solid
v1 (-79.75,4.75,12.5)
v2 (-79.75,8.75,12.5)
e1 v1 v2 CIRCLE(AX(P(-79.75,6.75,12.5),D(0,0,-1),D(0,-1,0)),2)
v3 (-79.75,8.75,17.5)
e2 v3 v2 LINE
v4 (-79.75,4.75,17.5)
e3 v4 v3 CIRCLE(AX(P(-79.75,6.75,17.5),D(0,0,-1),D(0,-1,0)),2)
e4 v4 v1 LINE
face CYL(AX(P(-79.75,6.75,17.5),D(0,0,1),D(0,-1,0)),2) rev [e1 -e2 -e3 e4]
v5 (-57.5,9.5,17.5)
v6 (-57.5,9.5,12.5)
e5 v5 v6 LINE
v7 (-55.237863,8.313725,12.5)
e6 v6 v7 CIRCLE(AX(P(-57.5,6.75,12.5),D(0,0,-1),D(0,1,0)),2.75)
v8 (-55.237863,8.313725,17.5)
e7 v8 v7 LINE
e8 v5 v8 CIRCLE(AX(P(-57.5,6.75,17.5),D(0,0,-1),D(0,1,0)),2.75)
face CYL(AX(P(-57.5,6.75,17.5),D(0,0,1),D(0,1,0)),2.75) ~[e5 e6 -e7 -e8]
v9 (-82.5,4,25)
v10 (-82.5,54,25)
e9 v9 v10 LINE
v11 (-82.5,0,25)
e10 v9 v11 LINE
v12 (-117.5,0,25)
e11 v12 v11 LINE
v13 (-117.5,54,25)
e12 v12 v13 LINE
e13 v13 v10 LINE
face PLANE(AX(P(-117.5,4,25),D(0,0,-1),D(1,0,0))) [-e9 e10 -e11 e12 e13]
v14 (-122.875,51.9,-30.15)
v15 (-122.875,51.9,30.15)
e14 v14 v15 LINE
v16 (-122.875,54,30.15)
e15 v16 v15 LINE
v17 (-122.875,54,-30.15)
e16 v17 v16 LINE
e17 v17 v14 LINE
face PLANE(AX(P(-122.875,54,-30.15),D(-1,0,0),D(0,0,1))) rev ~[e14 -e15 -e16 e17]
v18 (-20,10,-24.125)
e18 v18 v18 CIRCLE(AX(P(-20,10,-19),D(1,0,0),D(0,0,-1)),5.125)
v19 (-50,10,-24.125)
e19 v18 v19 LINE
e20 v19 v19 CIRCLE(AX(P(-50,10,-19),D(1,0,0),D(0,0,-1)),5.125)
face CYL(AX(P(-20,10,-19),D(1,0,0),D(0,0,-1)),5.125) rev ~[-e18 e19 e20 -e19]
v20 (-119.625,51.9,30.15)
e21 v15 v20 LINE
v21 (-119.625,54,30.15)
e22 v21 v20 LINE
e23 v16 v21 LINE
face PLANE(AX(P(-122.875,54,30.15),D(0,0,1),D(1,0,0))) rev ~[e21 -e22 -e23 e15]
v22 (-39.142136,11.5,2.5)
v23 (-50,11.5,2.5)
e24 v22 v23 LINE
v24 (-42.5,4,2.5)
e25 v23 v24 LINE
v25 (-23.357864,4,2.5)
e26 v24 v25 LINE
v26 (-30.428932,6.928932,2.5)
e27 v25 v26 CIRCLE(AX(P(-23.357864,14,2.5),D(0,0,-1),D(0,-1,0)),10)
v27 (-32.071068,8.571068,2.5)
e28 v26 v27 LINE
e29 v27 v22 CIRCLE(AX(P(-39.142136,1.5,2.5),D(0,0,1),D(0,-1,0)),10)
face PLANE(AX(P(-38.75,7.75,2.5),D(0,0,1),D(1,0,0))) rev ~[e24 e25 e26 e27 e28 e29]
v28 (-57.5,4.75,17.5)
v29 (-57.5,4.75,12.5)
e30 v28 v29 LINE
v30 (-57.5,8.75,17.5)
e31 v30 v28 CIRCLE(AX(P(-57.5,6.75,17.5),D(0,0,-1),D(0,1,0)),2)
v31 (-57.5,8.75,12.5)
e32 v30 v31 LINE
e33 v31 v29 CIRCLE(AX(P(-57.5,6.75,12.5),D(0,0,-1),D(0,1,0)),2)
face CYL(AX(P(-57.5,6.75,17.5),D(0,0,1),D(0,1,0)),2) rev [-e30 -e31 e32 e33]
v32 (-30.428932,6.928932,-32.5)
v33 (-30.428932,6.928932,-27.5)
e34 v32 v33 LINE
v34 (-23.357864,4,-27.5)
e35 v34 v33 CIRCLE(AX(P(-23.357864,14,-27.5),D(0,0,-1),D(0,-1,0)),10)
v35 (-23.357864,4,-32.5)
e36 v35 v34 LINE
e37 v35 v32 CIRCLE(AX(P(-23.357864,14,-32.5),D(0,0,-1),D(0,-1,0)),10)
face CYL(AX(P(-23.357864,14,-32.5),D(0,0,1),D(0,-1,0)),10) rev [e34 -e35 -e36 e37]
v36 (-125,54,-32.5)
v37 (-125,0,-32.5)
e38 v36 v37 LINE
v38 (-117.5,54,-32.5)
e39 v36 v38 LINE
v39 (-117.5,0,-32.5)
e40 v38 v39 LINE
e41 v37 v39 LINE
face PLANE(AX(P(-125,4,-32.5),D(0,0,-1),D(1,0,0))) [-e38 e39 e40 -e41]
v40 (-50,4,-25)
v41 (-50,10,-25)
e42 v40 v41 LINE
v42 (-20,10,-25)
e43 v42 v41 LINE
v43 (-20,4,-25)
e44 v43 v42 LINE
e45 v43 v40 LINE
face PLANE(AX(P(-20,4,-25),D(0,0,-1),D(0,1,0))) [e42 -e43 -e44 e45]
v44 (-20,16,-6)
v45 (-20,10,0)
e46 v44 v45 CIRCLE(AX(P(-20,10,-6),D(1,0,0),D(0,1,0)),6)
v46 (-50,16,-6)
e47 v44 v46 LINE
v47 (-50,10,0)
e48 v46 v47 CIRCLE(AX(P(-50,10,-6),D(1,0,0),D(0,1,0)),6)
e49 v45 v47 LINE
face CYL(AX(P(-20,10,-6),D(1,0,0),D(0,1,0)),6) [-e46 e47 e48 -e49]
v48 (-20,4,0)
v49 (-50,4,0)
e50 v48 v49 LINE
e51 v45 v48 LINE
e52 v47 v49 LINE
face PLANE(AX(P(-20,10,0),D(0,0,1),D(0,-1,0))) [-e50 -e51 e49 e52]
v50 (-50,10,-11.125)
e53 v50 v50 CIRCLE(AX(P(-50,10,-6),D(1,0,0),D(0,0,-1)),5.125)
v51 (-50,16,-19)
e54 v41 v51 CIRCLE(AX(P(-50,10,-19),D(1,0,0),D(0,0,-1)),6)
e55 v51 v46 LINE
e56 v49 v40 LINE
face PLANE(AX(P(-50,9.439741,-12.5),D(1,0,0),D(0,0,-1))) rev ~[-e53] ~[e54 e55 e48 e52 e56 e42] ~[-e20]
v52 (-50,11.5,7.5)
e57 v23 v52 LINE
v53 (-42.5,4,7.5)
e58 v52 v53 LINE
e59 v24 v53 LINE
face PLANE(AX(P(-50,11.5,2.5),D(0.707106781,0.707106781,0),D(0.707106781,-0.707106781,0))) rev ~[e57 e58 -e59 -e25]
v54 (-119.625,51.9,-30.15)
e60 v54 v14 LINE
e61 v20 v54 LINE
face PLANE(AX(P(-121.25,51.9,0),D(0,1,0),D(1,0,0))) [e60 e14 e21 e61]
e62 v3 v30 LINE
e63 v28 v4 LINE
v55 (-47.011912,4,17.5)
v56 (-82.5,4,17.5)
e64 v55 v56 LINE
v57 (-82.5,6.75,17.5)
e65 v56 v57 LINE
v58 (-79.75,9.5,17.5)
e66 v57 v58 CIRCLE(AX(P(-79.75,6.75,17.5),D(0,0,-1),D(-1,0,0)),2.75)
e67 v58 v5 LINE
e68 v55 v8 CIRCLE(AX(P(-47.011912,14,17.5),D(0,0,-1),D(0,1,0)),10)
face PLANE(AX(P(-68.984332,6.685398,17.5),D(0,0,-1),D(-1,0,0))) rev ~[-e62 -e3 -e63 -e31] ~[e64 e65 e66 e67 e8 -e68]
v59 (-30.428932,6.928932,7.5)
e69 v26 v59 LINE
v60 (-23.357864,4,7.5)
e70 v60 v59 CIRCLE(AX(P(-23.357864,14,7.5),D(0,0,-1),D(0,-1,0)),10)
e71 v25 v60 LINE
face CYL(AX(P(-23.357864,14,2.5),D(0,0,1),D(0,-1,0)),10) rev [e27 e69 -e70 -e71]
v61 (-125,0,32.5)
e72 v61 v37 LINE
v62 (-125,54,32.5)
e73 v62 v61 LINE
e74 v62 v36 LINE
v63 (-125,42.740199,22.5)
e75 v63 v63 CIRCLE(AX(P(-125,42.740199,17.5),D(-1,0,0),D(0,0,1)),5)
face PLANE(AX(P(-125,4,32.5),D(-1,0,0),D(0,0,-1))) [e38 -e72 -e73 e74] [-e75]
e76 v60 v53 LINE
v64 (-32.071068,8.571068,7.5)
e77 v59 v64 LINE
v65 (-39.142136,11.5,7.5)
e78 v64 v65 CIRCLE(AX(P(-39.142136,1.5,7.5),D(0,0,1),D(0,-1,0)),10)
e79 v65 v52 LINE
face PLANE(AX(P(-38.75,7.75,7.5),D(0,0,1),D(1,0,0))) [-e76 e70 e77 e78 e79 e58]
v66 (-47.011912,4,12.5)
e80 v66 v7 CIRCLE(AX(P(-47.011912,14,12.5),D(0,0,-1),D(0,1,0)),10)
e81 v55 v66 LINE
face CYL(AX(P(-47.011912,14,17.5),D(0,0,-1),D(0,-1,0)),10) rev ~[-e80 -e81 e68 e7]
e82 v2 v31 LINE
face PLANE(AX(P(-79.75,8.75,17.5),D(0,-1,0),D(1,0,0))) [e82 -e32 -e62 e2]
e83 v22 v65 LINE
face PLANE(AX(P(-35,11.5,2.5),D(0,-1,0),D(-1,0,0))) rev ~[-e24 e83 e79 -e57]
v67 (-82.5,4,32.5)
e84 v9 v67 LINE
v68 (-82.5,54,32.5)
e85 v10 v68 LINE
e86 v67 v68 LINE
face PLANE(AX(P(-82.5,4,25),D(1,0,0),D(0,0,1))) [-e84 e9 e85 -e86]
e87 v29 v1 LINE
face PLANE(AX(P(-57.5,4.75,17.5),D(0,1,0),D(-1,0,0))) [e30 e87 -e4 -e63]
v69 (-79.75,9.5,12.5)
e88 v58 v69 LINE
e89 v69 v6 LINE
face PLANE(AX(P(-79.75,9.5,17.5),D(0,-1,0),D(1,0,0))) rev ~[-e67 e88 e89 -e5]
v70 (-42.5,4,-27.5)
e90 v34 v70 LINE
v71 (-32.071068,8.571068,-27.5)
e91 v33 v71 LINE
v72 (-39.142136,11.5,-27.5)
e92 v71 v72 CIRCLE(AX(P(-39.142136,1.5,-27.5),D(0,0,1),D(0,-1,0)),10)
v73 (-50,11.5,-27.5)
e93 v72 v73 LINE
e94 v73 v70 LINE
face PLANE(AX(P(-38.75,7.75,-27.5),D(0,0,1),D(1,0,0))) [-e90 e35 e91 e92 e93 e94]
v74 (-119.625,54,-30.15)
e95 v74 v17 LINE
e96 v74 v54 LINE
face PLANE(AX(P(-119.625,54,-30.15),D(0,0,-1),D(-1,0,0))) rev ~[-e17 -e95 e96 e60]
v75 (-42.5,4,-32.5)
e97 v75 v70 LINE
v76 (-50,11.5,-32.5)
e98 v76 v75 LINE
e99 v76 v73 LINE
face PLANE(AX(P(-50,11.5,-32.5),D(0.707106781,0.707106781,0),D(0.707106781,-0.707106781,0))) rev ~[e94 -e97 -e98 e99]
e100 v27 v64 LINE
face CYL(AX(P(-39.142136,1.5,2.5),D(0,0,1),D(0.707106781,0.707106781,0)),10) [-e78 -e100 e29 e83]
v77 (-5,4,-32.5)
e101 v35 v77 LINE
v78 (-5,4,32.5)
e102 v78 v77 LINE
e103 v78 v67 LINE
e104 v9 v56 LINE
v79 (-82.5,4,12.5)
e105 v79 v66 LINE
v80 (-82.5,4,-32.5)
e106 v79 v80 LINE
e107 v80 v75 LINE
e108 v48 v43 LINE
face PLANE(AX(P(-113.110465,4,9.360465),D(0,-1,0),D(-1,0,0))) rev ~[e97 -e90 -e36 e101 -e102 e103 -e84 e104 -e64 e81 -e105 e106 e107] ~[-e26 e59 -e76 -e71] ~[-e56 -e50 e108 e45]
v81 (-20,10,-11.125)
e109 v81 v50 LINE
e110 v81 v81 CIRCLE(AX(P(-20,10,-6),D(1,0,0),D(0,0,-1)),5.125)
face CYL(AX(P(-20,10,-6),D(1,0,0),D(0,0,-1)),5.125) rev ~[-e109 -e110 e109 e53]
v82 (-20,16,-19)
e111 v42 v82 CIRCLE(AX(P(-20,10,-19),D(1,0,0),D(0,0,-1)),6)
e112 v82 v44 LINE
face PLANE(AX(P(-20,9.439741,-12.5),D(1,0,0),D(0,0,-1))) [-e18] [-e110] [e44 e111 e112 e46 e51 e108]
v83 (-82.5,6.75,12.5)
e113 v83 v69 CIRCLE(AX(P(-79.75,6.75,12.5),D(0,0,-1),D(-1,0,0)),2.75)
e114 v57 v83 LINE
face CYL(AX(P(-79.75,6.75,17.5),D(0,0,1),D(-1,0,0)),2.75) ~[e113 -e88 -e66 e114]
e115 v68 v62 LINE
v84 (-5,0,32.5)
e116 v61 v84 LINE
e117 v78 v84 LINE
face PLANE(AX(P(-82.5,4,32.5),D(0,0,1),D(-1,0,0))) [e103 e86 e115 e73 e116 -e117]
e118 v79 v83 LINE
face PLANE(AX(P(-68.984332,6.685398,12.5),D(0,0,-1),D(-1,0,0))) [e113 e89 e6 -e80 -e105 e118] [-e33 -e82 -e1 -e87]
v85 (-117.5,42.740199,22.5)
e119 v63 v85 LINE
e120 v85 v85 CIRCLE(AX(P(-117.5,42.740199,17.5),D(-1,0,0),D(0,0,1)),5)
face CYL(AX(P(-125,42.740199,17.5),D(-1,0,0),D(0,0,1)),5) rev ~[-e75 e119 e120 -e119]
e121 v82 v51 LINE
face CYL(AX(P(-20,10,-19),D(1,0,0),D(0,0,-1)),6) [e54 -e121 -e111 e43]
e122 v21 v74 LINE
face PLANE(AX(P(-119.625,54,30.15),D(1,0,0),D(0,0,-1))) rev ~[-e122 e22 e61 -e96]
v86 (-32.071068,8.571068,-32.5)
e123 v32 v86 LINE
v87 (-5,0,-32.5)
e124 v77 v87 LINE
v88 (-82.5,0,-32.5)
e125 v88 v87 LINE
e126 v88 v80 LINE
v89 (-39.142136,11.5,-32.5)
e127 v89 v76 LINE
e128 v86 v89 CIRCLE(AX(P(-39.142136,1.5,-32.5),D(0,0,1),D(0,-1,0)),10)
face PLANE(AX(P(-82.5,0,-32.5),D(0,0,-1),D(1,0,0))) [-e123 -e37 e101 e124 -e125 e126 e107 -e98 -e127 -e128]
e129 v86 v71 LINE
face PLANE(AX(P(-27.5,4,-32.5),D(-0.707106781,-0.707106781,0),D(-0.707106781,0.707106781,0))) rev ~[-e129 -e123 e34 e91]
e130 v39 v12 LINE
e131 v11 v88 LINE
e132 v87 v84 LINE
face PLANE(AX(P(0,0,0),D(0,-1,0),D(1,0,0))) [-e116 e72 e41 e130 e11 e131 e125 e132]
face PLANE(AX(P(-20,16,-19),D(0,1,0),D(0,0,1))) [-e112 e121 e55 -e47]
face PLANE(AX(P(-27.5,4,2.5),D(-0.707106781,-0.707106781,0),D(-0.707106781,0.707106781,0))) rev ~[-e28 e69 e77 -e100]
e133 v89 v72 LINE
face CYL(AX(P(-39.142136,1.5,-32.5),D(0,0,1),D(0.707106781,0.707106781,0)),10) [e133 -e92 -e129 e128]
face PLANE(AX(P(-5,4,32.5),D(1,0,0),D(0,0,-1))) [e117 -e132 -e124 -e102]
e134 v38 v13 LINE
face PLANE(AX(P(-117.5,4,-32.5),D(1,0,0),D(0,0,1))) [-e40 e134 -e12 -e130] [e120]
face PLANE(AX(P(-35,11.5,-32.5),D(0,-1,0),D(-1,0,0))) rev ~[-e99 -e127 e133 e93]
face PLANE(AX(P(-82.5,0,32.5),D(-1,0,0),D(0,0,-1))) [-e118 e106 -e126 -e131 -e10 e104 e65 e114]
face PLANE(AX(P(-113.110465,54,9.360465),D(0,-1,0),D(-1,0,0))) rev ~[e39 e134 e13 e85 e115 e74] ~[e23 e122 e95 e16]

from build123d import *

# Parameters (mm, degrees)
SKETCH1_W                       = 165
SKETCH1_H                       = 65
BOSS_EXTRUDE1_DEPTH             = 4
BOSS_EXTRUDE2_REACH             = 90.761
BOSS_EXTRUDE2_DIRECTION_2_DEPTH = 50
BOSS_EXTRUDE4_START             = -15
BOSS_EXTRUDE4_DEPTH             = 5
FILLET1_R                       = 10
BOSS_EXTRUDE5_DEPTH             = 5
FILLET3_R                       = 10
LPATTERN1_COUNT                 = 2
LPATTERN1_PITCH                 = 35
FILLET3_OF_LPATTERN1_R          = 10
SKETCH5_W                       = 82.5
SKETCH5_H                       = 65
CUT_EXTRUDE1_DEPTH              = 5
BOSS_EXTRUDE6_START             = -20
SKETCH6_R                       = 5.125000000000001
SKETCH6_R_2                     = 5.125
BOSS_EXTRUDE6_DEPTH             = 30
CUT_EXTRUDE6_DEPTH              = 2.1
SKETCH8_R                       = 4.999999999999999
CUT_EXTRUDE3_DEPTH              = 7.5
SKETCH19_W                      = 5
SKETCH19_H                      = 65
CUT_EXTRUDE11_DEPTH             = 10


with BuildPart() as part:
    # Sketch1 → Boss-Extrude1 (new body)
    with BuildSketch(Plane(origin=(0, 0, 0), x_dir=(1, 0, 0), z_dir=(0, 1, 0))):
        Rectangle(SKETCH1_W, SKETCH1_H)
    extrude(amount=BOSS_EXTRUDE1_DEPTH)

    # Boss-Extrude2: up to this face of the body (flat: up to its plane)
    boss_extrude2_end = Plane(part.part.faces().sort_by_distance((0, 0, 0))[0])
    # Sketch2 → Boss-Extrude2 (add, up to the picked face)
    with BuildSketch(Plane(origin=(0, 4, 0), x_dir=(1, 0, 0), z_dir=(0, 1, 0)), mode=Mode.PRIVATE) as boss_extrude2_sk1:
        Polygon((-82.5, -32.5), (-124.99999999999999, -32.50000000000001), (-124.99999999999999, 32.5), (-117.50000000000001, 32.5), (-117.50000000000001, -25), (-82.5, -25), align=None)
    boss_extrude2_tool1 = split(extrude(boss_extrude2_sk1.sketch, amount=-BOSS_EXTRUDE2_REACH, mode=Mode.PRIVATE), bisect_by=boss_extrude2_end, keep=Keep.BOTH, mode=Mode.PRIVATE)
    add(boss_extrude2_tool1.solids().sort_by(Axis((-103.75, 4, 31.723389), (0, -1, 0)))[0])

    # Sketch2 → Boss-Extrude2 direction 2 (add)
    with BuildSketch(Plane(origin=(0, 4, 0), x_dir=(1, 0, 0), z_dir=(0, 1, 0))):
        Polygon((-82.5, -32.5), (-124.99999999999999, -32.50000000000001), (-124.99999999999999, 32.5), (-117.50000000000001, 32.5), (-117.50000000000001, -25), (-82.5, -25), align=None)
    extrude(amount=BOSS_EXTRUDE2_DIRECTION_2_DEPTH)

    # Sketch3 → Boss-Extrude4 (add)
    with BuildSketch(Plane.XY.offset(32.5).offset(BOSS_EXTRUDE4_START)):
        with BuildLine():
            Line((-79.75, 9.500000000000004), (-57.50000000000001, 9.500000000000005))
            ThreePointArc((-57.50000000000001, 9.500000000000005), (-54.75000000000001, 6.75), (-57.50000000000001, 4))
            Line((-57.50000000000001, 4), (-82.5, 4))
            Line((-82.5, 4), (-82.5, 6.75))
            ThreePointArc((-82.5, 6.75), (-81.69454364826301, 8.694543648263005), (-79.75, 9.500000000000004))
        make_face()
        with BuildLine():
            Line((-79.75, 8.749999999999996), (-57.50000000000001, 8.75))
            ThreePointArc((-57.50000000000001, 8.75), (-55.50000000000001, 6.75), (-57.50000000000001, 4.749999999999999))
            Line((-57.50000000000001, 4.749999999999999), (-79.75, 4.750000000000004))
            ThreePointArc((-79.75, 4.750000000000004), (-81.75, 6.749999999999998), (-79.75, 8.749999999999996))
        make_face(mode=Mode.SUBTRACT)
    extrude(amount=-BOSS_EXTRUDE4_DEPTH)

    # Fillet1
    fillet1_edges = [part.edges().sort_by_distance(p)[0] for p in [
        (-57.50000000000001, 4.000000000000001, 15),
    ]]
    fillet(fillet1_edges, radius=FILLET1_R)

    # Sketch4 → Boss-Extrude5 (add)
    with BuildSketch(Plane(origin=(0, 0, -32.5), x_dir=(-1, 0, 0), z_dir=(0, 0, -1))):
        Polygon((27.500000000000004, 4), (35.00000000000008, 11.5), (50.00000000000008, 11.5), (42.5, 4), align=None)
    boss_extrude5 = extrude(amount=-BOSS_EXTRUDE5_DEPTH)

    # Fillet3
    fillet3_edges = [part.edges().sort_by_distance(p)[0] for p in [
        (-27.500000000000004, 4, -30),
        (-35.00000000000008, 11.5, -30),
    ]]
    fillet(fillet3_edges, radius=FILLET3_R)

    # LPattern1: Boss-Extrude5 ×2
    with Locations(*[(0, 0, i * LPATTERN1_PITCH) for i in range(1, LPATTERN1_COUNT)]):
        add(boss_extrude5)

    # Fillet3 of LPattern1
    fillet3_of_lpattern1_edges = [part.edges().sort_by_distance(p)[0] for p in [
        (-27.500000000000004, 4, 5),
        (-35.00000000000008, 11.5, 5),
    ]]
    fillet(fillet3_of_lpattern1_edges, radius=FILLET3_OF_LPATTERN1_R)

    # Sketch5 → Cut-Extrude1 (cut)
    with BuildSketch(Plane(origin=(0, 4, 0), x_dir=(1, 0, 0), z_dir=(0, 1, 0))):
        with Locations((41.25, 0)):
            Rectangle(SKETCH5_W, SKETCH5_H)
    extrude(amount=-CUT_EXTRUDE1_DEPTH, mode=Mode.SUBTRACT)

    # Sketch6 → Boss-Extrude6 (add)
    with BuildSketch(Plane(origin=(0, 0, 0), x_dir=(0, 0, -1), z_dir=(1, 0, 0)).offset(BOSS_EXTRUDE6_START)):
        with BuildLine():
            Line((1.1e-16, 10), (1.1e-16, 4))
            Line((1.1e-16, 4), (25, 4.0000000000000036))
            Line((25, 4.0000000000000036), (25, 10.000000000000002))
            ThreePointArc((25, 10.000000000000002), (23.242640687119287, 14.242640687119286), (19.000000000000004, 16))
            Line((19.000000000000004, 16), (6, 16))
            ThreePointArc((6, 16), (1.7573593128807152, 14.242640687119286), (1.1e-16, 10))
        make_face()
        with Locations((6.000000000000001, 10)):
            Circle(SKETCH6_R, mode=Mode.SUBTRACT)
        with Locations((19.000000000000004, 10.000000000000002)):
            Circle(SKETCH6_R_2, mode=Mode.SUBTRACT)
    extrude(amount=-BOSS_EXTRUDE6_DEPTH)

    # Sketch13 → Cut-Extrude6 (cut)
    with BuildSketch(Plane(origin=(0, 54.00000000000001, 0), x_dir=(1, 0, 0), z_dir=(0, 1, 0))):
        Polygon((-119.625, 30.15), (-122.875, 30.15), (-122.87499999999999, -30.150000000000006), (-119.625, -30.150000000000006), align=None)
    extrude(amount=-CUT_EXTRUDE6_DEPTH, mode=Mode.SUBTRACT)

    # Sketch8 → Cut-Extrude3 (cut)
    with BuildSketch(Plane.ZY.offset(124.99999999999999)):
        with Locations((17.50000000000002, 42.74019942711779)):
            Circle(SKETCH8_R)
    extrude(amount=-CUT_EXTRUDE3_DEPTH, mode=Mode.SUBTRACT)

    # Sketch19 → Cut-Extrude11 (cut)
    with BuildSketch(Plane(origin=(0, 4, 0), x_dir=(1, 0, 0), z_dir=(0, 1, 0))):
        with Locations((-2.5, 0)):
            Rectangle(SKETCH19_W, SKETCH19_H)
    extrude(amount=-CUT_EXTRUDE11_DEPTH, mode=Mode.SUBTRACT)


solid = part.part
